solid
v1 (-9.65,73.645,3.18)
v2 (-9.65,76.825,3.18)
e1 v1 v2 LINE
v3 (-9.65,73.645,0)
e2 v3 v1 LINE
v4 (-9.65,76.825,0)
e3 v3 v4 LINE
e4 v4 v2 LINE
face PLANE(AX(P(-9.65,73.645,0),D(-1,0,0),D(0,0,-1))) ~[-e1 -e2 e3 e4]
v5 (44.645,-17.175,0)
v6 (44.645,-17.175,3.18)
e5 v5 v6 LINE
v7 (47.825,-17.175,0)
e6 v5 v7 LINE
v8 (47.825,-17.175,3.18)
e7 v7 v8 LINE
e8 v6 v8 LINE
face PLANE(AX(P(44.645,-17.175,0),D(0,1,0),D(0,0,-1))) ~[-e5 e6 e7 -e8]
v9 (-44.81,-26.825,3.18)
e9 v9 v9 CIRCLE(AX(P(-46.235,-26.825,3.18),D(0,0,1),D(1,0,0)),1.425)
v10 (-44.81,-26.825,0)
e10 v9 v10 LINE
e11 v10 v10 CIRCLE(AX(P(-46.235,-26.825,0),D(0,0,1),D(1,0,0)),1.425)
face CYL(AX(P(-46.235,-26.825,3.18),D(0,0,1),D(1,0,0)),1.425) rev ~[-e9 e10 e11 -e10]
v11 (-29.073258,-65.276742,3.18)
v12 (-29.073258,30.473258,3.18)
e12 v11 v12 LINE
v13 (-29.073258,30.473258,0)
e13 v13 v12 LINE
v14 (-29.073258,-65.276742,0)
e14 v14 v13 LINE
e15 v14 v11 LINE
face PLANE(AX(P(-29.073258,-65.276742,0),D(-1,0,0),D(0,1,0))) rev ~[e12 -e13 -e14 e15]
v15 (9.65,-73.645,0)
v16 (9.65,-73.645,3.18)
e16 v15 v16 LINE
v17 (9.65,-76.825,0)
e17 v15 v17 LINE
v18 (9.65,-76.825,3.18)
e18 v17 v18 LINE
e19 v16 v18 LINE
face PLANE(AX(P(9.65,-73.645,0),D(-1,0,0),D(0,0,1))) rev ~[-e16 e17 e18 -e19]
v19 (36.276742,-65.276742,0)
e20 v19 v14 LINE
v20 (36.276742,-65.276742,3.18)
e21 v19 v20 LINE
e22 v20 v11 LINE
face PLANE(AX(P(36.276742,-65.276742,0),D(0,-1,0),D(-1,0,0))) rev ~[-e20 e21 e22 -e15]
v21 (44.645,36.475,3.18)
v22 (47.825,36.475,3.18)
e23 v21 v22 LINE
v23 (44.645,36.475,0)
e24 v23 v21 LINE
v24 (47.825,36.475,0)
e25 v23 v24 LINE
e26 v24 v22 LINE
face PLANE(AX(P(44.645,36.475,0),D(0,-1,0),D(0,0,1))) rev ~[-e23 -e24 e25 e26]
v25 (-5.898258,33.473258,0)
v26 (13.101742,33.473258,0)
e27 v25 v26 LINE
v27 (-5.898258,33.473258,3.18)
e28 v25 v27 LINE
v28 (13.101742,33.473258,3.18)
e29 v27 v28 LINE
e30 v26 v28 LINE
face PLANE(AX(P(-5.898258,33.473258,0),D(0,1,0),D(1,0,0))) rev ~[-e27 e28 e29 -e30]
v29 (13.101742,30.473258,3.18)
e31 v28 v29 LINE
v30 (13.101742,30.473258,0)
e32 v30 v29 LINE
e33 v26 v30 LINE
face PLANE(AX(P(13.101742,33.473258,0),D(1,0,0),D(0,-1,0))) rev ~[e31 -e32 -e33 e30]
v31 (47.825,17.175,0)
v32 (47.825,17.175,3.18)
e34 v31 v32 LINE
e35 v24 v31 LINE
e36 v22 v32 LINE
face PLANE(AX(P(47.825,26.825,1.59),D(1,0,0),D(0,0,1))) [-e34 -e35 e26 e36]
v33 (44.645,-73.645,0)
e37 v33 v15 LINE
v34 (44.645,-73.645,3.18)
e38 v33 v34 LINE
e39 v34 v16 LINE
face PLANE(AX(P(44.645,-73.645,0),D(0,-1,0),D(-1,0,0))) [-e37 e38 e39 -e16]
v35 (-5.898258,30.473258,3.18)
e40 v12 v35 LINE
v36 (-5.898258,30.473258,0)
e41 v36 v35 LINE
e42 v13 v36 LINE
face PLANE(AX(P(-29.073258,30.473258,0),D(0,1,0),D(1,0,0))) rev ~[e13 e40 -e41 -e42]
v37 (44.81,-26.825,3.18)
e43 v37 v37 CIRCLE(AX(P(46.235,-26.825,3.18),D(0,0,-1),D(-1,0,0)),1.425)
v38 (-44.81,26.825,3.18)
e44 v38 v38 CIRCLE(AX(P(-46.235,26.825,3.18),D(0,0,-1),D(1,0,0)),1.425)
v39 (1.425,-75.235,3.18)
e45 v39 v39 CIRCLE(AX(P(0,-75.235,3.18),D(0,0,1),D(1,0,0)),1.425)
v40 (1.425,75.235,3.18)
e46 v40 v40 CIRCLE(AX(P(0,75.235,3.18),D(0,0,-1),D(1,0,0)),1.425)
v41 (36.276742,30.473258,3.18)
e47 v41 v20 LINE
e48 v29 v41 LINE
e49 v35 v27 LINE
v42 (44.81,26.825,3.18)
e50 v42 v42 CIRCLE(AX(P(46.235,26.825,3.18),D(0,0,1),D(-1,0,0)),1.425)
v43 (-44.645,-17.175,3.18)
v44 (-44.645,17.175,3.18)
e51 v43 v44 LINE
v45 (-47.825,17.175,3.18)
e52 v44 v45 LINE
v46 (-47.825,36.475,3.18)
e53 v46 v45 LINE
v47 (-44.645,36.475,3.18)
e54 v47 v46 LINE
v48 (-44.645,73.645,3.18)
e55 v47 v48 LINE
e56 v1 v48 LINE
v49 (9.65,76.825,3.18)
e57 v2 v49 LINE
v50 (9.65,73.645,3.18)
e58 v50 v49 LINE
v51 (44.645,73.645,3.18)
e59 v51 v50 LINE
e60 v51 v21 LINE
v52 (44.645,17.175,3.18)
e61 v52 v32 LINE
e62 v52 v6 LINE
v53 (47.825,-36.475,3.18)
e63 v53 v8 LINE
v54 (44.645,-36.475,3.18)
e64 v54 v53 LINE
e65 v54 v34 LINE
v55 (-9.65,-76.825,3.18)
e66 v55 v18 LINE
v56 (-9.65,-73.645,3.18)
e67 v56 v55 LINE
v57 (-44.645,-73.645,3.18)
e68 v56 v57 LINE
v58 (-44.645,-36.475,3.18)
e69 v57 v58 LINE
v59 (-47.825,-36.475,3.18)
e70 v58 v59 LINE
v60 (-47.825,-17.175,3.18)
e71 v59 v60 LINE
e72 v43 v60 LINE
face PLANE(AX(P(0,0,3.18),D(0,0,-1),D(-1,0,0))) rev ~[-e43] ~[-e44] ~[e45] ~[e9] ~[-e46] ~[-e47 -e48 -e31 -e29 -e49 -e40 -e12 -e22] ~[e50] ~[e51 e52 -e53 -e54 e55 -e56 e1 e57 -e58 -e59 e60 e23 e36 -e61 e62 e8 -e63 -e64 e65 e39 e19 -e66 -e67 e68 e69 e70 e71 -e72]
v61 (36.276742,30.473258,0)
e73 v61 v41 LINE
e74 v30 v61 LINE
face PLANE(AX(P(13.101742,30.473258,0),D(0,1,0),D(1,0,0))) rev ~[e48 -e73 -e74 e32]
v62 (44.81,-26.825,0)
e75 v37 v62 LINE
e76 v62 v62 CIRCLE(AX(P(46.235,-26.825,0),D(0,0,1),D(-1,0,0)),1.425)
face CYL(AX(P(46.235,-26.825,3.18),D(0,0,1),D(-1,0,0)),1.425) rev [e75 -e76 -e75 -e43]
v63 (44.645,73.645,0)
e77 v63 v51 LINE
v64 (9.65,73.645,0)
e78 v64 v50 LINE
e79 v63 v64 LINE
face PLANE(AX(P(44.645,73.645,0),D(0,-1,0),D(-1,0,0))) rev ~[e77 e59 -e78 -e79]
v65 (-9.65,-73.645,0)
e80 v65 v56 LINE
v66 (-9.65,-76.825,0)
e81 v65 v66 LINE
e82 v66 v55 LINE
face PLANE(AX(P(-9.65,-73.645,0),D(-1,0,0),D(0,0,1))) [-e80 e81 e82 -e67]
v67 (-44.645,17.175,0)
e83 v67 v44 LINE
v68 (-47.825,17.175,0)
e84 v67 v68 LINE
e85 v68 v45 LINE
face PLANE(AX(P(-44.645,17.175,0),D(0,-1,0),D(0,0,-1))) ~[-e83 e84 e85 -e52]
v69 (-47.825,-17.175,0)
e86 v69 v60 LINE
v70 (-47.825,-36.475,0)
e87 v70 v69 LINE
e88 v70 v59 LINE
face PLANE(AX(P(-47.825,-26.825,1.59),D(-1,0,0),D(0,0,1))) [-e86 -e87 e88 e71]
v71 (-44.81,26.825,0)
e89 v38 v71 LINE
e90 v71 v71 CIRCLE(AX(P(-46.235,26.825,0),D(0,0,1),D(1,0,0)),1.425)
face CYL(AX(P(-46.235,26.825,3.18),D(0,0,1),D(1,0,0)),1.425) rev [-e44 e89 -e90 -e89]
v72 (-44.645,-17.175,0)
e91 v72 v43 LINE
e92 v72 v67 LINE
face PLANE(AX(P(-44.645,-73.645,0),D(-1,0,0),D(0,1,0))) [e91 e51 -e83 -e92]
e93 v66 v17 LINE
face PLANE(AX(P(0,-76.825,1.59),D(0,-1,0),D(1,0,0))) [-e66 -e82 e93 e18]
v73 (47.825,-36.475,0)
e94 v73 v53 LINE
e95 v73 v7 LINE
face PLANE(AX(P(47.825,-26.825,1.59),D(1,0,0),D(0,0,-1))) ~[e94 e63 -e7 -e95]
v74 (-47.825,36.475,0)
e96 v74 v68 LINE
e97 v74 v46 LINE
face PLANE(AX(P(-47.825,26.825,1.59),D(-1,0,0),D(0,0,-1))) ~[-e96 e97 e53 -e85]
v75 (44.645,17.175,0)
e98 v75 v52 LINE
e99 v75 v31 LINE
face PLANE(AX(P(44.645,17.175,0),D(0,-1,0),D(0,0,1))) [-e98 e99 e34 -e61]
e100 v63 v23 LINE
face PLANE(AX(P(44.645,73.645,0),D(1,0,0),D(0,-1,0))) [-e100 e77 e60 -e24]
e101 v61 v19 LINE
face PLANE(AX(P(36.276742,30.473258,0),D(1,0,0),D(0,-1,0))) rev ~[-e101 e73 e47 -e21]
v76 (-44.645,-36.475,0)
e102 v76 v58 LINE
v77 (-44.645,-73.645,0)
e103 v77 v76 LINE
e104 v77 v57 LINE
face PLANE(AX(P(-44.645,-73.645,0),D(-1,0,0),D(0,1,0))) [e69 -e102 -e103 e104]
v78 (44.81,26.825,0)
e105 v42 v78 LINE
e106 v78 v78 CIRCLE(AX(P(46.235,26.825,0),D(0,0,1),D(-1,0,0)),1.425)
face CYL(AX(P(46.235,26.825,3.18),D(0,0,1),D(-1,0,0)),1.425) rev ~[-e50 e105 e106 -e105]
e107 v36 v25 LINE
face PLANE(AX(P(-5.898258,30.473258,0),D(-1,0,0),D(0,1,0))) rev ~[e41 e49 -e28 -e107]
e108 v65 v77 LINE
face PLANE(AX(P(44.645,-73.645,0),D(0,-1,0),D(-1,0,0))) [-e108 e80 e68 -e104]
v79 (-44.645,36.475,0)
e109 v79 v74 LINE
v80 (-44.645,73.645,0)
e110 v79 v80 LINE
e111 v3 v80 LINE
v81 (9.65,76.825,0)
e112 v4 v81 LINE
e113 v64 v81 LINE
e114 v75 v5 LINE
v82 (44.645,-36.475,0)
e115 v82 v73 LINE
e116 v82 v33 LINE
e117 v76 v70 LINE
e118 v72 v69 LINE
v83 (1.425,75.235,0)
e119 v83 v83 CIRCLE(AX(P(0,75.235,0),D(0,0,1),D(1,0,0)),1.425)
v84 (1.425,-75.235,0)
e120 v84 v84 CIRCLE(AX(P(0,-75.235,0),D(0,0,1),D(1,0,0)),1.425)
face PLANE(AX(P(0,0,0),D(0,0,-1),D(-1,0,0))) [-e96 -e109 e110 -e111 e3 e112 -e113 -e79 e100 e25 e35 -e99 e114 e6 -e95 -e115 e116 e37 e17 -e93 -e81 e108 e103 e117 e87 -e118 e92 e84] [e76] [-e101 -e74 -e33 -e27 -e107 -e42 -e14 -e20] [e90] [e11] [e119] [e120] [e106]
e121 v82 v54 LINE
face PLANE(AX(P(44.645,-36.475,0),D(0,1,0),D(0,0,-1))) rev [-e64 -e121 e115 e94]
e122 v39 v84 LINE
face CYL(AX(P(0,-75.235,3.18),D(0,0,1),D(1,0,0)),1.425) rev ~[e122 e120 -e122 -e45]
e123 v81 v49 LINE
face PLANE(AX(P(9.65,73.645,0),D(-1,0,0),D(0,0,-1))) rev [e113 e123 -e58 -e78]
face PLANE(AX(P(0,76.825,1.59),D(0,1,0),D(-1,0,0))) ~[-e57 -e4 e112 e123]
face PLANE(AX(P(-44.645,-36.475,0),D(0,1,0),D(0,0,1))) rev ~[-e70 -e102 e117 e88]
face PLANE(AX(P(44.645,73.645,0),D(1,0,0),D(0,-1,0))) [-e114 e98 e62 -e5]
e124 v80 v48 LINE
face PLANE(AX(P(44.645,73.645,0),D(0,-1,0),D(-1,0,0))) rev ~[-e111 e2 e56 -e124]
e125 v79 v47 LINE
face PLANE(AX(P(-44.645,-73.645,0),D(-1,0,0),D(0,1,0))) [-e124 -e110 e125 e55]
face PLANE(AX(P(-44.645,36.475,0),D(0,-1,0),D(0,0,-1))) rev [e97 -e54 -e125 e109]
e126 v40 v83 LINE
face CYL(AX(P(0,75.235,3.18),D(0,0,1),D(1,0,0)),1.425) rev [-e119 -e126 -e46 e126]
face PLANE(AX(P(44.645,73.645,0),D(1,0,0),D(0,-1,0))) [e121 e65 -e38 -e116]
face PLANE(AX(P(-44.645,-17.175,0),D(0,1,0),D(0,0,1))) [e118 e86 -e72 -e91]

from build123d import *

# Parameters (mm, degrees)
BOSS_EXTRUDE1_DEPTH     = 3.18
CUT_EXTRUDE1_DEPTH      = 87.179315674
SKETCH27_W              = 3.18
SKETCH27_H              = 19.3
BOSS_EXTRUDE9_DEPTH     = 3.18
SKETCH28_W              = 19.3
SKETCH28_H              = 3.18
BOSS_EXTRUDE10_DEPTH    = 3.18
SKETCH29_R              = 1.425
CUT_EXTRUDE14_DEPTH     = 91.550668965
SKETCH30_R              = 1.425
CUT_EXTRUDE15_DEPTH     = 91.550668965
MIRROR9_COPY_1_SKETCH_W = 3.18
MIRROR9_COPY_1_SKETCH_H = 19.3
MIRROR9_COPY_1_DEPTH    = 3.18
MIRROR9_COPY_2_SKETCH_R = 1.425
MIRROR9_COPY_2_DEPTH    = 91.550668965


with BuildPart() as part:
    # Sketch1 → Boss-Extrude1 (new body)
    with BuildSketch(Plane.XY):
        Polygon((-44.645, 73.645), (-14.881666667, 73.645), (14.881666667, 73.645), (44.645, 73.645), (44.645, -73.645), (-44.645, -73.645), align=None)
    extrude(amount=BOSS_EXTRUDE1_DEPTH)

    # Sketch3 → Cut-Extrude1 (cut, through all)
    with BuildSketch(Plane(origin=(0, 0, 0), x_dir=(-1, 0, 0), z_dir=(0, 0, -1))):
        Polygon((-13.10174207, 33.47325793), (-13.10174207, 30.47325793), (-36.27674207, 30.47325793), (-36.27674207, -65.27674207), (29.07325793, -65.27674207), (29.07325793, 30.47325793), (5.89825793, 30.47325793), (5.89825793, 33.47325793), align=None)
    extrude(amount=-CUT_EXTRUDE1_DEPTH, mode=Mode.SUBTRACT)

    # Sketch27 → Boss-Extrude9 (add)
    with BuildSketch(Plane.ZY.offset(44.645)):
        with Locations((1.59, -26.825)):
            Rectangle(SKETCH27_W, SKETCH27_H)
    boss_extrude9 = extrude(amount=BOSS_EXTRUDE9_DEPTH)

    # Sketch28 → Boss-Extrude10 (add)
    with BuildSketch(Plane.XZ.offset(73.645)):
        with Locations((0, 1.59)):
            Rectangle(SKETCH28_W, SKETCH28_H)
    boss_extrude10 = extrude(amount=BOSS_EXTRUDE10_DEPTH)

    # Sketch29 → Cut-Extrude14 (cut, through all)
    with BuildSketch(Plane.XY.offset(3.18)):
        with Locations((-46.235, -26.825)):
            Circle(SKETCH29_R)
    cut_extrude14 = extrude(amount=-CUT_EXTRUDE14_DEPTH, mode=Mode.SUBTRACT)

    # Sketch30 → Cut-Extrude15 (cut, through all)
    with BuildSketch(Plane.XY.offset(3.18)):
        with Locations((0, -75.235)):
            Circle(SKETCH30_R)
    cut_extrude15 = extrude(amount=-CUT_EXTRUDE15_DEPTH, mode=Mode.SUBTRACT)

    # Mirror8: Boss-Extrude9, Cut-Extrude14 across plane
    add(boss_extrude9.mirror(Plane(origin=(0, 0, 0), x_dir=(0, 0, 1), z_dir=(1, 0, 0))))
    add(cut_extrude14.mirror(Plane(origin=(0, 0, 0), x_dir=(0, 0, 1), z_dir=(1, 0, 0))), mode=Mode.SUBTRACT)

    # Mirror9: Boss-Extrude9, Boss-Extrude10, Cut-Extrude14, Cut-Extrude15 across plane
    add(boss_extrude9.mirror(Plane.ZX))
    add(boss_extrude10.mirror(Plane.ZX))
    add(cut_extrude14.mirror(Plane.ZX), mode=Mode.SUBTRACT)
    add(cut_extrude15.mirror(Plane.ZX), mode=Mode.SUBTRACT)

    # Mirror9 copy 1 sketch → Mirror9 copy 1 (add)
    with BuildSketch(Plane(origin=(44.645, 0, 0), x_dir=(0, 0, 1), z_dir=(1, 0, 0))):
        with Locations((1.59, -26.825)):
            Rectangle(MIRROR9_COPY_1_SKETCH_W, MIRROR9_COPY_1_SKETCH_H)
    extrude(amount=MIRROR9_COPY_1_DEPTH)

    # Mirror9 copy 2 sketch → Mirror9 copy 2 (cut, through all)
    with BuildSketch(Plane(origin=(0, 0, 3.18), x_dir=(-1, 0, 0), z_dir=(0, 0, 1))):
        with Locations((-46.235, -26.825)):
            Circle(MIRROR9_COPY_2_SKETCH_R)
    extrude(amount=-MIRROR9_COPY_2_DEPTH, mode=Mode.SUBTRACT)


solid = part.part
